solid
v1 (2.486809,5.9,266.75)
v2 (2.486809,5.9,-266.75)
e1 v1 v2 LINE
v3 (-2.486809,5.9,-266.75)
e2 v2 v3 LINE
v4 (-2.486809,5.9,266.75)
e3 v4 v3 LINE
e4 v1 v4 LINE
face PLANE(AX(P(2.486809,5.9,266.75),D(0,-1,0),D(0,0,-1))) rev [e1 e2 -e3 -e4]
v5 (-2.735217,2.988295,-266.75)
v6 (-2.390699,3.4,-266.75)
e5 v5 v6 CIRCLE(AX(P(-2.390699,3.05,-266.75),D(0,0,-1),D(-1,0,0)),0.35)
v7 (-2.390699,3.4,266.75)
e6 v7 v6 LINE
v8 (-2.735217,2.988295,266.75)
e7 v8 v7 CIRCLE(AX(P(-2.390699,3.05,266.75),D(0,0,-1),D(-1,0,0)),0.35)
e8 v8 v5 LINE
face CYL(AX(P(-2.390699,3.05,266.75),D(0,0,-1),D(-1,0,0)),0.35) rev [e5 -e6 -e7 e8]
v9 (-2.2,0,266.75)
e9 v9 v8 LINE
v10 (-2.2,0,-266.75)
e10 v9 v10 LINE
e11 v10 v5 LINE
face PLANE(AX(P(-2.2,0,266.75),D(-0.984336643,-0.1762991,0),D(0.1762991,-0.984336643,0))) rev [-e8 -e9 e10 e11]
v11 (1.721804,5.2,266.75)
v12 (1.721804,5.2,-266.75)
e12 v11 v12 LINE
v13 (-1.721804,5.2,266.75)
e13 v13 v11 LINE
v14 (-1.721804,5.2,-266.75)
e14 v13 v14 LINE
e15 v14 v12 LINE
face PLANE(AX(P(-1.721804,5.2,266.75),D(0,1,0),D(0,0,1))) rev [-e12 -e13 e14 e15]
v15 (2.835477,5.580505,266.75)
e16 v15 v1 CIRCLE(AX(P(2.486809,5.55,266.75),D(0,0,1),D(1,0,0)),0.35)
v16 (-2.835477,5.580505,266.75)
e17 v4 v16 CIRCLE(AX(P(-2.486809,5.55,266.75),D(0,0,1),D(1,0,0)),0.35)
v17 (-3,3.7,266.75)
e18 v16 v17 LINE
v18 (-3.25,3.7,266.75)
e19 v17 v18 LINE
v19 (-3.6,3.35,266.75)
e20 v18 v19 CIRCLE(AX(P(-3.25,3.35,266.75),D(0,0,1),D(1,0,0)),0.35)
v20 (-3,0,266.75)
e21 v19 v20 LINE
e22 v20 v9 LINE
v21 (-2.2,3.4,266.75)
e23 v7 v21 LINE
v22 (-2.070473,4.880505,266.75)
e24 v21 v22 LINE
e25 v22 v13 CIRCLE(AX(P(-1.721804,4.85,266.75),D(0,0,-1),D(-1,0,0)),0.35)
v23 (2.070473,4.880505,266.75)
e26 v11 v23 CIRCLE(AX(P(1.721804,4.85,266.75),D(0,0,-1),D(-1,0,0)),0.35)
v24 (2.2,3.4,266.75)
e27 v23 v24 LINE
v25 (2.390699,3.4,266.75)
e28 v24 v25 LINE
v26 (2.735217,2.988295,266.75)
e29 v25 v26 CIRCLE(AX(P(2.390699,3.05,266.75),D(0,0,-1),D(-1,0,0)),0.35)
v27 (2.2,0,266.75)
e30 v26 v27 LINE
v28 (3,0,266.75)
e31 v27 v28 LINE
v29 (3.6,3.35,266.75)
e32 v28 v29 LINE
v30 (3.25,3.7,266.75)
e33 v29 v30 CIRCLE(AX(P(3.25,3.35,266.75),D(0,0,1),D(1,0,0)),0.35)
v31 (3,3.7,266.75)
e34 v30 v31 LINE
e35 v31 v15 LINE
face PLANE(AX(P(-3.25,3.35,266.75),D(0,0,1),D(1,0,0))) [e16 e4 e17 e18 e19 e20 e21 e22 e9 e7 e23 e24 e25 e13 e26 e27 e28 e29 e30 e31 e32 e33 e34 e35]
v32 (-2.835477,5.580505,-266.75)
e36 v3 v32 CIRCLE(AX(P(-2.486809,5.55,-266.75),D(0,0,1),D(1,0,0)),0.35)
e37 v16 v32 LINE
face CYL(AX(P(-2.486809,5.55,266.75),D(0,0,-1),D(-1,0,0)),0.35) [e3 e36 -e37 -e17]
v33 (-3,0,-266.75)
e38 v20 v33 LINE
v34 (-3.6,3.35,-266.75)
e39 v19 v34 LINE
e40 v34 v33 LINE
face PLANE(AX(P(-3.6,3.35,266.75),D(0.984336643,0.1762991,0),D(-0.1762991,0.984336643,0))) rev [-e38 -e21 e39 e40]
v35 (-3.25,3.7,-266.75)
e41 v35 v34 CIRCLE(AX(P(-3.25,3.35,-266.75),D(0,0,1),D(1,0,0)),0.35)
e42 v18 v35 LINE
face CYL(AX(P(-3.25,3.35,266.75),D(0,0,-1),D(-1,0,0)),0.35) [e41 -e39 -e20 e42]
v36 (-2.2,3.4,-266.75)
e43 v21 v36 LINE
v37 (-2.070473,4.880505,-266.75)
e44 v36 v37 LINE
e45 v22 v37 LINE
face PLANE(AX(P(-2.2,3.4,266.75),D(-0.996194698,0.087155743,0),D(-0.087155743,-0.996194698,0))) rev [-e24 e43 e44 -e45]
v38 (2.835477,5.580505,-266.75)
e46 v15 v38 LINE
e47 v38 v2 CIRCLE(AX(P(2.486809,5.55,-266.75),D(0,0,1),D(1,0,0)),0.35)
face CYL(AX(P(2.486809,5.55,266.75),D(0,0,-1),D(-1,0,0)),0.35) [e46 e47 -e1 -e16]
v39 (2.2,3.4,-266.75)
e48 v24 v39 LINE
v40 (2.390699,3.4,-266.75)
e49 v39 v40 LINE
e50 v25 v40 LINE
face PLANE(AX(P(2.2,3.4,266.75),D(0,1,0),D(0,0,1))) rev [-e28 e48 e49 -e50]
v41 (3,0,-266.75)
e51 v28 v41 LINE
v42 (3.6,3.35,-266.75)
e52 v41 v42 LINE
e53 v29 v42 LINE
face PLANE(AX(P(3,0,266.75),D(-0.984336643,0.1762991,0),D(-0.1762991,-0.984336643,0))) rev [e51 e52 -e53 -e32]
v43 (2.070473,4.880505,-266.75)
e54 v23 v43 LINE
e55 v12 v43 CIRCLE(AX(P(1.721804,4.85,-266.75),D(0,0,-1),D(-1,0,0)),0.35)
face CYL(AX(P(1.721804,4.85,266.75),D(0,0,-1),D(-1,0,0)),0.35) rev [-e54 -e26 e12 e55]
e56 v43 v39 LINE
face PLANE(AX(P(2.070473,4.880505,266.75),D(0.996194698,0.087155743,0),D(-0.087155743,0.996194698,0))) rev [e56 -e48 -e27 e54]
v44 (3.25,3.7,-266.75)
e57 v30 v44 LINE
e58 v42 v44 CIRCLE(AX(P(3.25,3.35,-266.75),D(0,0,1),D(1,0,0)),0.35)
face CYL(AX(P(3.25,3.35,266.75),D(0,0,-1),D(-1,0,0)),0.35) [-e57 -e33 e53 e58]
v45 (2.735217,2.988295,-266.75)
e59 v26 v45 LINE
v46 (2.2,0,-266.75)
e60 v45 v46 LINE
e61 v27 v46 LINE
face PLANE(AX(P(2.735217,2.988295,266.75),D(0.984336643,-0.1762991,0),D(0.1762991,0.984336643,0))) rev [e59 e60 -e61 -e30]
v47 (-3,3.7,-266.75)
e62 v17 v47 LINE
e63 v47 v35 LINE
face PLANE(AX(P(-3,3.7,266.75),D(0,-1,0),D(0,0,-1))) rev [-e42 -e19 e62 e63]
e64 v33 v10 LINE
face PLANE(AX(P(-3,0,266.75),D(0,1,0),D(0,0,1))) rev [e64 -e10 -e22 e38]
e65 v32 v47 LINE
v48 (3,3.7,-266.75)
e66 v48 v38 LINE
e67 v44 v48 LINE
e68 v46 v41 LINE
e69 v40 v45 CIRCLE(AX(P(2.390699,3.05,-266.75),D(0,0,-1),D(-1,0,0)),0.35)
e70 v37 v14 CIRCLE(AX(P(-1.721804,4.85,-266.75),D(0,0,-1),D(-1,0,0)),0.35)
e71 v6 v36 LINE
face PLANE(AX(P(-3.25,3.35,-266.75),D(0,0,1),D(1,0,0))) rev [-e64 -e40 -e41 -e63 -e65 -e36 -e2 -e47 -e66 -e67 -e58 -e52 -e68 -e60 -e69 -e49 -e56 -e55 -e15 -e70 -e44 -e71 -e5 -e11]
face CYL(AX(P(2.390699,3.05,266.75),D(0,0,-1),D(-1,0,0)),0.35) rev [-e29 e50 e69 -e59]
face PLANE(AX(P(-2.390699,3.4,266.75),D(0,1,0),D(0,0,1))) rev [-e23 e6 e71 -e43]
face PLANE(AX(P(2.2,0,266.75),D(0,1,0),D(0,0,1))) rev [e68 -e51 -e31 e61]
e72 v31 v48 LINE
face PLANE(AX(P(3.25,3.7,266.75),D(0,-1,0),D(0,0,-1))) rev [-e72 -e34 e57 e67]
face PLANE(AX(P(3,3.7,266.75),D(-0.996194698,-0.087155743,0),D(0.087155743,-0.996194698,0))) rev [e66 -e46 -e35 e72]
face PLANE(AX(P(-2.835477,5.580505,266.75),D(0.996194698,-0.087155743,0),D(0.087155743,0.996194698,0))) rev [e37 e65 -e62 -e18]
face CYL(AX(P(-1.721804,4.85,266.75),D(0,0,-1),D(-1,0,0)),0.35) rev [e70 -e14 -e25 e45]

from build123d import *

# Parameters (mm, degrees)
BOSS_EXTRUDE1_DEPTH = 266.75


with BuildPart() as part:
    # Sketch1 → Boss-Extrude1 (new body, symmetric)
    with BuildSketch(Plane.XY):
        with BuildLine():
            Line((-3.6, 3.35), (-3, 0))
            Line((-3, 0), (-2.2, 0))
            Line((-2.2, 0), (-2.735217071, 2.988295315))
            ThreePointArc((-2.735217071, 2.988295315), (-2.659117427, 3.274614514), (-2.390699246, 3.4))
            Line((-2.390699246, 3.4), (-2.2, 3.4))
            Line((-2.2, 3.4), (-2.070472639, 4.88050451))
            ThreePointArc((-2.070472639, 4.88050451), (-1.958261067, 5.108047068), (-1.721804495, 5.2))
            Line((-1.721804495, 5.2), (1.721804495, 5.2))
            ThreePointArc((1.721804495, 5.2), (1.958261067, 5.108047068), (2.070472639, 4.88050451))
            Line((2.070472639, 4.88050451), (2.2, 3.4))
            Line((2.2, 3.4), (2.390699246, 3.4))
            ThreePointArc((2.390699246, 3.4), (2.659117427, 3.274614514), (2.735217071, 2.988295315))
            Line((2.735217071, 2.988295315), (2.2, 0))
            Line((2.2, 0), (3, 0))
            Line((3, 0), (3.6, 3.35))
            ThreePointArc((3.6, 3.35), (3.497487373, 3.597487373), (3.25, 3.7))
            Line((3.25, 3.7), (3, 3.7))
            Line((3, 3.7), (2.835477174, 5.58050451))
            ThreePointArc((2.835477174, 5.58050451), (2.723265602, 5.808047068), (2.486809029, 5.9))
            Line((2.486809029, 5.9), (-2.486809029, 5.9))
            ThreePointArc((-2.486809029, 5.9), (-2.723265602, 5.808047068), (-2.835477174, 5.58050451))
            Line((-2.835477174, 5.58050451), (-3, 3.7))
            Line((-3, 3.7), (-3.25, 3.7))
            ThreePointArc((-3.25, 3.7), (-3.497487373, 3.597487373), (-3.6, 3.35))
        make_face()
    extrude(amount=BOSS_EXTRUDE1_DEPTH, both=True)


solid = part.part
